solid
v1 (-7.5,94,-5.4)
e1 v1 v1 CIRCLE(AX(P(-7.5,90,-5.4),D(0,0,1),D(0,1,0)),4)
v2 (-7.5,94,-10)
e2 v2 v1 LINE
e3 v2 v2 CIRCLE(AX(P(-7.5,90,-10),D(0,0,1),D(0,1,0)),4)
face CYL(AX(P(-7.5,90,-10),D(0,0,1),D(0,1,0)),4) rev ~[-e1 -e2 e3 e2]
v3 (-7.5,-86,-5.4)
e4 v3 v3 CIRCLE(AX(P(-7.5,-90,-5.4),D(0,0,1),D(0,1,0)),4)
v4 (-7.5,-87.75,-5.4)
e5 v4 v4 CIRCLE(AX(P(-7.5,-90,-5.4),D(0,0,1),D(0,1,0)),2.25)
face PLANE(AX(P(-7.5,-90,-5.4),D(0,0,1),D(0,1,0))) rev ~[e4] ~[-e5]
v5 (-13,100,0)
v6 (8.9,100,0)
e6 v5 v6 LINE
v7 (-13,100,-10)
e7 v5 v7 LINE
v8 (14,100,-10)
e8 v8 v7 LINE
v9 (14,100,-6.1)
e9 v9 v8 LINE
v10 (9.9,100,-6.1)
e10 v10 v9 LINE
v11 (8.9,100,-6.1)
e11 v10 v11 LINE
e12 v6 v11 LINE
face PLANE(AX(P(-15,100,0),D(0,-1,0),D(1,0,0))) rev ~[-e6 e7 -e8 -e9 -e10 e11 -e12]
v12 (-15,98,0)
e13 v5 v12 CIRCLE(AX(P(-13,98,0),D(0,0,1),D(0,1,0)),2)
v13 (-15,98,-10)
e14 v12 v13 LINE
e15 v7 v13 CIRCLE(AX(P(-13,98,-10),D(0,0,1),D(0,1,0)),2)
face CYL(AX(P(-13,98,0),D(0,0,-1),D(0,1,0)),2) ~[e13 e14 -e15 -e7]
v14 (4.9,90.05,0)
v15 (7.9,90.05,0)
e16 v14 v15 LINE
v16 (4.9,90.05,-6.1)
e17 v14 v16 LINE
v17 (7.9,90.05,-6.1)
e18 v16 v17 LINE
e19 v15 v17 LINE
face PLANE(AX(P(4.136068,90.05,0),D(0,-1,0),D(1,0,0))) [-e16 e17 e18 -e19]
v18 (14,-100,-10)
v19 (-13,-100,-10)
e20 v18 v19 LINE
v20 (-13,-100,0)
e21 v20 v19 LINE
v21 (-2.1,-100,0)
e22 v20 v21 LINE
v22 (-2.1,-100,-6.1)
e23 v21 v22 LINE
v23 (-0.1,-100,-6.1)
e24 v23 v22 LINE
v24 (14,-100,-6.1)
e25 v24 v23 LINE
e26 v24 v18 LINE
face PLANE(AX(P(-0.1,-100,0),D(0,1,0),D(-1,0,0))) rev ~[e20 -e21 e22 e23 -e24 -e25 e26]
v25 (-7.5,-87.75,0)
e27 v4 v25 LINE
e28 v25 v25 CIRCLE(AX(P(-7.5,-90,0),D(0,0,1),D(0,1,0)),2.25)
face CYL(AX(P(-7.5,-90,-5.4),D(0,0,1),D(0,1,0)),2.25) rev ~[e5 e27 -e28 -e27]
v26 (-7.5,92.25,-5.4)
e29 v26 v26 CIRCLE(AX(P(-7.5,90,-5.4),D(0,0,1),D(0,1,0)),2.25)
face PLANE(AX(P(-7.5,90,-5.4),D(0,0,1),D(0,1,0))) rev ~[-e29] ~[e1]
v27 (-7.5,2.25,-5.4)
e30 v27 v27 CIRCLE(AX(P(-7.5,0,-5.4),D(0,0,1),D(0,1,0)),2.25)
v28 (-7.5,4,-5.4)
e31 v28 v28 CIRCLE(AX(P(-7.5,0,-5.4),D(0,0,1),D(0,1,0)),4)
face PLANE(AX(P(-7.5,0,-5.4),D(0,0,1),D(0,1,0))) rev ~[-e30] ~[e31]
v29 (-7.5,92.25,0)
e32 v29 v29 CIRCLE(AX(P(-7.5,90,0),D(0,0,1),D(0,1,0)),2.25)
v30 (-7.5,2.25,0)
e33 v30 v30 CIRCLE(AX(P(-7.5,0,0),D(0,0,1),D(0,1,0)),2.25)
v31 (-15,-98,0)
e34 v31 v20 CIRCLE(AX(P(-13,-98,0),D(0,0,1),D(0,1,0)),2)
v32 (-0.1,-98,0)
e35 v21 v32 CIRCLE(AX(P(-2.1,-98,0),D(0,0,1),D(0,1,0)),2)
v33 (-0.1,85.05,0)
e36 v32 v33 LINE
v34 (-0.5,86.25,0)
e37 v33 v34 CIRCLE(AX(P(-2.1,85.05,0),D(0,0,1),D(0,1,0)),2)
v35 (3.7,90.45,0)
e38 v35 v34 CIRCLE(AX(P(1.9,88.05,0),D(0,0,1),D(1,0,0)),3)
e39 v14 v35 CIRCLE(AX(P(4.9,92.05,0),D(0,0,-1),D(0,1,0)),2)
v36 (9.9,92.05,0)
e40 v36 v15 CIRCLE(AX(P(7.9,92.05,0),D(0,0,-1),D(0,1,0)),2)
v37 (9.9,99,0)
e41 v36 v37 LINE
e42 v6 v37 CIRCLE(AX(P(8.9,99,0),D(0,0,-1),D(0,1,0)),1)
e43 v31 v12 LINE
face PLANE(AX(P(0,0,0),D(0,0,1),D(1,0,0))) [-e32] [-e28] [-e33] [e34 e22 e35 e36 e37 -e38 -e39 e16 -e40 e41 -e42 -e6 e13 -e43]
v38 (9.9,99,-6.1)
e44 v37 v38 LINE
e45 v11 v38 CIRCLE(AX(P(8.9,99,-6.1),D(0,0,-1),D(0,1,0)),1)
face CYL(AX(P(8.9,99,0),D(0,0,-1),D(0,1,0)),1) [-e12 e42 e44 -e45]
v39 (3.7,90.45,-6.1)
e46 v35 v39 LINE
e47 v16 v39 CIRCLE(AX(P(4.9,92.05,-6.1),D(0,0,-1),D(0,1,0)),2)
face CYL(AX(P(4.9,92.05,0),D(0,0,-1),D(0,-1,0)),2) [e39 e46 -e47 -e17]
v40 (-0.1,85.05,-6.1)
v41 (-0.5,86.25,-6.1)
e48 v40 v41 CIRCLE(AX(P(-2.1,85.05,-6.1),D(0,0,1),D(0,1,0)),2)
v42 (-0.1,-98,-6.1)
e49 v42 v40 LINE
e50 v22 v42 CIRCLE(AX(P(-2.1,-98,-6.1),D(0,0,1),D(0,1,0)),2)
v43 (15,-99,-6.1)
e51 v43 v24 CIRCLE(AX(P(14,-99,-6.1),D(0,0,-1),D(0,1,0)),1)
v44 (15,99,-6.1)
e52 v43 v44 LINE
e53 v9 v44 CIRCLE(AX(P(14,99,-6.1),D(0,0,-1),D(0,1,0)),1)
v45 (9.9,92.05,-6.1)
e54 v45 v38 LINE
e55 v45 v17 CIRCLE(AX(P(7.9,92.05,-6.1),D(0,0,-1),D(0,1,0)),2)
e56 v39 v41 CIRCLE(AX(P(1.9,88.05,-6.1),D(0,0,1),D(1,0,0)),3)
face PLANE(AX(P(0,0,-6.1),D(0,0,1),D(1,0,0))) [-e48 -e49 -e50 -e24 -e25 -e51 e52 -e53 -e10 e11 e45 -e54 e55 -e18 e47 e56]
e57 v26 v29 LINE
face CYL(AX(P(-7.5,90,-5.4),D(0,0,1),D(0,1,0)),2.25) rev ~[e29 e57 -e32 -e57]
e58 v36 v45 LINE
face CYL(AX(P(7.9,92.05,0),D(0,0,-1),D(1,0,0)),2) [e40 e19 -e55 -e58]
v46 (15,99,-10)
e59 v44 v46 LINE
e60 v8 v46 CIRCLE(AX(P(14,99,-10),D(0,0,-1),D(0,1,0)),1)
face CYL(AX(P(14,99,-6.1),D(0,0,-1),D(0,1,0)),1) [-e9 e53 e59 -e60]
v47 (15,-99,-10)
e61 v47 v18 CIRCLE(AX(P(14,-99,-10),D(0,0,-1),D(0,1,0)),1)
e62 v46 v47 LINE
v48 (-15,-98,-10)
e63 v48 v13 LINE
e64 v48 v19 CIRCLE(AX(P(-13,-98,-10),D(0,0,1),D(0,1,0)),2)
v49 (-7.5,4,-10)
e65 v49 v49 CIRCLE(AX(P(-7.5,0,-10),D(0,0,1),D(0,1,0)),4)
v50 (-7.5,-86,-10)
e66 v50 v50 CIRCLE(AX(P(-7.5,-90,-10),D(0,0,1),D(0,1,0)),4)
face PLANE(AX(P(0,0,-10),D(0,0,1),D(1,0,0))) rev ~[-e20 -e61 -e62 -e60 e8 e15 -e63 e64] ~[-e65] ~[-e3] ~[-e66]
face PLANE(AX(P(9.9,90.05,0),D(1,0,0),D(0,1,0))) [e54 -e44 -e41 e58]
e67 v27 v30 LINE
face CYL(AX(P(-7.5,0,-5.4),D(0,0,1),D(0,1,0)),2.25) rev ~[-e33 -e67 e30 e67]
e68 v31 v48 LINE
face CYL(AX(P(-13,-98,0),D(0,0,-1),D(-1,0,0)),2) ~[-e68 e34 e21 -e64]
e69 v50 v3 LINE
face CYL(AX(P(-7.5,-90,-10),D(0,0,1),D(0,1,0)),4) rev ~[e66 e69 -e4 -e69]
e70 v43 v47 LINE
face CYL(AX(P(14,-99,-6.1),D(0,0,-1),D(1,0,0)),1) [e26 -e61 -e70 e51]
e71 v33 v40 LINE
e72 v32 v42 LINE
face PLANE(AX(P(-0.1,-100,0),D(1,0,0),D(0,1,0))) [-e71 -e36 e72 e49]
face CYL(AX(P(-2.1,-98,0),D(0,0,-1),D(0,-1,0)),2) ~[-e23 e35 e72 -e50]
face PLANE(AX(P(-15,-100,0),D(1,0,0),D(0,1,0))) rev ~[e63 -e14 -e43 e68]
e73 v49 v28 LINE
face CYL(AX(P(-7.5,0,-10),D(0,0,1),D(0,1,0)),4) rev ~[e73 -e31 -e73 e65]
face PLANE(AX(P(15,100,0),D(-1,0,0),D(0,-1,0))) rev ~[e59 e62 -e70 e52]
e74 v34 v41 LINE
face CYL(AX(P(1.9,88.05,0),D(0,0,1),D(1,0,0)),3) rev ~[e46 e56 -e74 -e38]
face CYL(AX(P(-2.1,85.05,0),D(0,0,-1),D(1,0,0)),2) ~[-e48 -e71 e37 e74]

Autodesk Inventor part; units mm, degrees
ref_plane "YZ Plane" through (0, 0, 0) normal (1, 0, 0) x (0, 1, 0)
ref_plane "XZ Plane" through (0, 0, 0) normal (0, 1, 0) x (-1, 0, 0)
ref_plane "XY Plane" through (0, 0, 0) normal (0, 0, 1) x (1, 0, 0)
sketch "Sketch1" plane through (0, 0, 0) normal (0, 0, 1) x (1, 0, 0)
  line L0 (-21, 0) -> (21, 0) construction
  line L1 (0, -140) -> (0, 140) construction
  line L2 (-15, 100) -> (15, 100)
  line L3 (15, 100) -> (15, -100)
  line L4 (15, -100) -> (-15, -100)
  line L5 (-15, -100) -> (-15, 100)
  line L6 (-0.1, 90.05) -> (15, 90.05)
  line L7 (15, 90.05) -> (15, -100)
  line L8 (15, -100) -> (-0.1, -100)
  line L9 (-0.1, -100) -> (-0.1, 90.05)
  circle A0 centre (1.9, 88.05) radius 3
  line L10 (9.9, 100) -> (15, 100)
  line L11 (15, 100) -> (15, 90.05)
  line L12 (15, 90.05) -> (9.9, 90.05)
  line L13 (9.9, 90.05) -> (9.9, 100)
  point P0 (0, 0)
  point P1 (15, 90.05)
  point P2 (4.1361, 90.05)
  point P3 (-0.1, 85.8139)
  dimension "d0" = 30
  dimension "d1" = 200
  dimension "d2" = 9.95
  dimension "d3" = 15.1
  dimension "d16" = 2
  dimension "d17" = 6
  dimension "d18" = 2
  dimension "d23" = 14.9
  dimension "d27" = 10
extrude "Extrusion1" add sketch "Sketch1" against normal blind 10
extrude "Extrusion2" cut sketch "Sketch1" against normal blind 6.1 contours L2 L3 L6 L13 | L6 L3 L4 L9 A0 | A0 L9 L6 | L6 L9 A0
sketch "Sketch2" plane through (0, 0, -10) normal (0, 0, -1) x (-1, 0, 0)
  line L0 (-4.1361, 90.05) -> (-9.9, 90.05) construction
  line L1 (-9.9, 100) -> (15, 100) construction
  line L2 (15, 100) -> (15, -100) construction
  line L3 (15, -100) -> (0.1, -100) construction
  line L4 (0.1, -100) -> (0.1, 85.8139) construction
  line L5 (7.5, -100) -> (7.5, 100) construction
  line L6 (21, 0) -> (-21, 0) construction
  arc A0 (0.1, 85.8139) -> (-4.1361, 90.05) centre (-1.9, 88.05) ccw projected
  line L7 (-9.9, 90.05) -> (-9.9, 100) projected
  point P0 (0, 0)
  point P1 (7.5, -90)
  point P2 (7.5, 90)
  point P3 (7.5, 0)
  dimension "d8" = 180
  dimension "d25" = 7.5
hole "Hole1" at (-7.5, -90, -10) at (-7.5, 0, -10) at (-7.5, 90, -10) direction (0, 0, 1) diameter 4.5 end through all counterbore diameter 8 counterbore depth 4.6 clearance for "Socket Head Cap Screw ISO 4762" size "M4" standard "ISO"
fillet "Fillet1" radius 2 6 edges at (-15, -100, -5) (-15, 100, -5) (-0.1, -100, -3.05) (-0.1, 85.8139, -3.05) (4.1361, 90.05, -3.05) (9.9, 90.05, -3.05)
fillet "Fillet1" radius 1 3 edges at (15, -100, -8.05) (15, 100, -8.05) (9.9, 100, -3.05)
equation "\"d16\" = 0.333333 * d17"
equation "\"d18\" = d16"
properties part number "DLT-01-233" material "Acrílico TP"
